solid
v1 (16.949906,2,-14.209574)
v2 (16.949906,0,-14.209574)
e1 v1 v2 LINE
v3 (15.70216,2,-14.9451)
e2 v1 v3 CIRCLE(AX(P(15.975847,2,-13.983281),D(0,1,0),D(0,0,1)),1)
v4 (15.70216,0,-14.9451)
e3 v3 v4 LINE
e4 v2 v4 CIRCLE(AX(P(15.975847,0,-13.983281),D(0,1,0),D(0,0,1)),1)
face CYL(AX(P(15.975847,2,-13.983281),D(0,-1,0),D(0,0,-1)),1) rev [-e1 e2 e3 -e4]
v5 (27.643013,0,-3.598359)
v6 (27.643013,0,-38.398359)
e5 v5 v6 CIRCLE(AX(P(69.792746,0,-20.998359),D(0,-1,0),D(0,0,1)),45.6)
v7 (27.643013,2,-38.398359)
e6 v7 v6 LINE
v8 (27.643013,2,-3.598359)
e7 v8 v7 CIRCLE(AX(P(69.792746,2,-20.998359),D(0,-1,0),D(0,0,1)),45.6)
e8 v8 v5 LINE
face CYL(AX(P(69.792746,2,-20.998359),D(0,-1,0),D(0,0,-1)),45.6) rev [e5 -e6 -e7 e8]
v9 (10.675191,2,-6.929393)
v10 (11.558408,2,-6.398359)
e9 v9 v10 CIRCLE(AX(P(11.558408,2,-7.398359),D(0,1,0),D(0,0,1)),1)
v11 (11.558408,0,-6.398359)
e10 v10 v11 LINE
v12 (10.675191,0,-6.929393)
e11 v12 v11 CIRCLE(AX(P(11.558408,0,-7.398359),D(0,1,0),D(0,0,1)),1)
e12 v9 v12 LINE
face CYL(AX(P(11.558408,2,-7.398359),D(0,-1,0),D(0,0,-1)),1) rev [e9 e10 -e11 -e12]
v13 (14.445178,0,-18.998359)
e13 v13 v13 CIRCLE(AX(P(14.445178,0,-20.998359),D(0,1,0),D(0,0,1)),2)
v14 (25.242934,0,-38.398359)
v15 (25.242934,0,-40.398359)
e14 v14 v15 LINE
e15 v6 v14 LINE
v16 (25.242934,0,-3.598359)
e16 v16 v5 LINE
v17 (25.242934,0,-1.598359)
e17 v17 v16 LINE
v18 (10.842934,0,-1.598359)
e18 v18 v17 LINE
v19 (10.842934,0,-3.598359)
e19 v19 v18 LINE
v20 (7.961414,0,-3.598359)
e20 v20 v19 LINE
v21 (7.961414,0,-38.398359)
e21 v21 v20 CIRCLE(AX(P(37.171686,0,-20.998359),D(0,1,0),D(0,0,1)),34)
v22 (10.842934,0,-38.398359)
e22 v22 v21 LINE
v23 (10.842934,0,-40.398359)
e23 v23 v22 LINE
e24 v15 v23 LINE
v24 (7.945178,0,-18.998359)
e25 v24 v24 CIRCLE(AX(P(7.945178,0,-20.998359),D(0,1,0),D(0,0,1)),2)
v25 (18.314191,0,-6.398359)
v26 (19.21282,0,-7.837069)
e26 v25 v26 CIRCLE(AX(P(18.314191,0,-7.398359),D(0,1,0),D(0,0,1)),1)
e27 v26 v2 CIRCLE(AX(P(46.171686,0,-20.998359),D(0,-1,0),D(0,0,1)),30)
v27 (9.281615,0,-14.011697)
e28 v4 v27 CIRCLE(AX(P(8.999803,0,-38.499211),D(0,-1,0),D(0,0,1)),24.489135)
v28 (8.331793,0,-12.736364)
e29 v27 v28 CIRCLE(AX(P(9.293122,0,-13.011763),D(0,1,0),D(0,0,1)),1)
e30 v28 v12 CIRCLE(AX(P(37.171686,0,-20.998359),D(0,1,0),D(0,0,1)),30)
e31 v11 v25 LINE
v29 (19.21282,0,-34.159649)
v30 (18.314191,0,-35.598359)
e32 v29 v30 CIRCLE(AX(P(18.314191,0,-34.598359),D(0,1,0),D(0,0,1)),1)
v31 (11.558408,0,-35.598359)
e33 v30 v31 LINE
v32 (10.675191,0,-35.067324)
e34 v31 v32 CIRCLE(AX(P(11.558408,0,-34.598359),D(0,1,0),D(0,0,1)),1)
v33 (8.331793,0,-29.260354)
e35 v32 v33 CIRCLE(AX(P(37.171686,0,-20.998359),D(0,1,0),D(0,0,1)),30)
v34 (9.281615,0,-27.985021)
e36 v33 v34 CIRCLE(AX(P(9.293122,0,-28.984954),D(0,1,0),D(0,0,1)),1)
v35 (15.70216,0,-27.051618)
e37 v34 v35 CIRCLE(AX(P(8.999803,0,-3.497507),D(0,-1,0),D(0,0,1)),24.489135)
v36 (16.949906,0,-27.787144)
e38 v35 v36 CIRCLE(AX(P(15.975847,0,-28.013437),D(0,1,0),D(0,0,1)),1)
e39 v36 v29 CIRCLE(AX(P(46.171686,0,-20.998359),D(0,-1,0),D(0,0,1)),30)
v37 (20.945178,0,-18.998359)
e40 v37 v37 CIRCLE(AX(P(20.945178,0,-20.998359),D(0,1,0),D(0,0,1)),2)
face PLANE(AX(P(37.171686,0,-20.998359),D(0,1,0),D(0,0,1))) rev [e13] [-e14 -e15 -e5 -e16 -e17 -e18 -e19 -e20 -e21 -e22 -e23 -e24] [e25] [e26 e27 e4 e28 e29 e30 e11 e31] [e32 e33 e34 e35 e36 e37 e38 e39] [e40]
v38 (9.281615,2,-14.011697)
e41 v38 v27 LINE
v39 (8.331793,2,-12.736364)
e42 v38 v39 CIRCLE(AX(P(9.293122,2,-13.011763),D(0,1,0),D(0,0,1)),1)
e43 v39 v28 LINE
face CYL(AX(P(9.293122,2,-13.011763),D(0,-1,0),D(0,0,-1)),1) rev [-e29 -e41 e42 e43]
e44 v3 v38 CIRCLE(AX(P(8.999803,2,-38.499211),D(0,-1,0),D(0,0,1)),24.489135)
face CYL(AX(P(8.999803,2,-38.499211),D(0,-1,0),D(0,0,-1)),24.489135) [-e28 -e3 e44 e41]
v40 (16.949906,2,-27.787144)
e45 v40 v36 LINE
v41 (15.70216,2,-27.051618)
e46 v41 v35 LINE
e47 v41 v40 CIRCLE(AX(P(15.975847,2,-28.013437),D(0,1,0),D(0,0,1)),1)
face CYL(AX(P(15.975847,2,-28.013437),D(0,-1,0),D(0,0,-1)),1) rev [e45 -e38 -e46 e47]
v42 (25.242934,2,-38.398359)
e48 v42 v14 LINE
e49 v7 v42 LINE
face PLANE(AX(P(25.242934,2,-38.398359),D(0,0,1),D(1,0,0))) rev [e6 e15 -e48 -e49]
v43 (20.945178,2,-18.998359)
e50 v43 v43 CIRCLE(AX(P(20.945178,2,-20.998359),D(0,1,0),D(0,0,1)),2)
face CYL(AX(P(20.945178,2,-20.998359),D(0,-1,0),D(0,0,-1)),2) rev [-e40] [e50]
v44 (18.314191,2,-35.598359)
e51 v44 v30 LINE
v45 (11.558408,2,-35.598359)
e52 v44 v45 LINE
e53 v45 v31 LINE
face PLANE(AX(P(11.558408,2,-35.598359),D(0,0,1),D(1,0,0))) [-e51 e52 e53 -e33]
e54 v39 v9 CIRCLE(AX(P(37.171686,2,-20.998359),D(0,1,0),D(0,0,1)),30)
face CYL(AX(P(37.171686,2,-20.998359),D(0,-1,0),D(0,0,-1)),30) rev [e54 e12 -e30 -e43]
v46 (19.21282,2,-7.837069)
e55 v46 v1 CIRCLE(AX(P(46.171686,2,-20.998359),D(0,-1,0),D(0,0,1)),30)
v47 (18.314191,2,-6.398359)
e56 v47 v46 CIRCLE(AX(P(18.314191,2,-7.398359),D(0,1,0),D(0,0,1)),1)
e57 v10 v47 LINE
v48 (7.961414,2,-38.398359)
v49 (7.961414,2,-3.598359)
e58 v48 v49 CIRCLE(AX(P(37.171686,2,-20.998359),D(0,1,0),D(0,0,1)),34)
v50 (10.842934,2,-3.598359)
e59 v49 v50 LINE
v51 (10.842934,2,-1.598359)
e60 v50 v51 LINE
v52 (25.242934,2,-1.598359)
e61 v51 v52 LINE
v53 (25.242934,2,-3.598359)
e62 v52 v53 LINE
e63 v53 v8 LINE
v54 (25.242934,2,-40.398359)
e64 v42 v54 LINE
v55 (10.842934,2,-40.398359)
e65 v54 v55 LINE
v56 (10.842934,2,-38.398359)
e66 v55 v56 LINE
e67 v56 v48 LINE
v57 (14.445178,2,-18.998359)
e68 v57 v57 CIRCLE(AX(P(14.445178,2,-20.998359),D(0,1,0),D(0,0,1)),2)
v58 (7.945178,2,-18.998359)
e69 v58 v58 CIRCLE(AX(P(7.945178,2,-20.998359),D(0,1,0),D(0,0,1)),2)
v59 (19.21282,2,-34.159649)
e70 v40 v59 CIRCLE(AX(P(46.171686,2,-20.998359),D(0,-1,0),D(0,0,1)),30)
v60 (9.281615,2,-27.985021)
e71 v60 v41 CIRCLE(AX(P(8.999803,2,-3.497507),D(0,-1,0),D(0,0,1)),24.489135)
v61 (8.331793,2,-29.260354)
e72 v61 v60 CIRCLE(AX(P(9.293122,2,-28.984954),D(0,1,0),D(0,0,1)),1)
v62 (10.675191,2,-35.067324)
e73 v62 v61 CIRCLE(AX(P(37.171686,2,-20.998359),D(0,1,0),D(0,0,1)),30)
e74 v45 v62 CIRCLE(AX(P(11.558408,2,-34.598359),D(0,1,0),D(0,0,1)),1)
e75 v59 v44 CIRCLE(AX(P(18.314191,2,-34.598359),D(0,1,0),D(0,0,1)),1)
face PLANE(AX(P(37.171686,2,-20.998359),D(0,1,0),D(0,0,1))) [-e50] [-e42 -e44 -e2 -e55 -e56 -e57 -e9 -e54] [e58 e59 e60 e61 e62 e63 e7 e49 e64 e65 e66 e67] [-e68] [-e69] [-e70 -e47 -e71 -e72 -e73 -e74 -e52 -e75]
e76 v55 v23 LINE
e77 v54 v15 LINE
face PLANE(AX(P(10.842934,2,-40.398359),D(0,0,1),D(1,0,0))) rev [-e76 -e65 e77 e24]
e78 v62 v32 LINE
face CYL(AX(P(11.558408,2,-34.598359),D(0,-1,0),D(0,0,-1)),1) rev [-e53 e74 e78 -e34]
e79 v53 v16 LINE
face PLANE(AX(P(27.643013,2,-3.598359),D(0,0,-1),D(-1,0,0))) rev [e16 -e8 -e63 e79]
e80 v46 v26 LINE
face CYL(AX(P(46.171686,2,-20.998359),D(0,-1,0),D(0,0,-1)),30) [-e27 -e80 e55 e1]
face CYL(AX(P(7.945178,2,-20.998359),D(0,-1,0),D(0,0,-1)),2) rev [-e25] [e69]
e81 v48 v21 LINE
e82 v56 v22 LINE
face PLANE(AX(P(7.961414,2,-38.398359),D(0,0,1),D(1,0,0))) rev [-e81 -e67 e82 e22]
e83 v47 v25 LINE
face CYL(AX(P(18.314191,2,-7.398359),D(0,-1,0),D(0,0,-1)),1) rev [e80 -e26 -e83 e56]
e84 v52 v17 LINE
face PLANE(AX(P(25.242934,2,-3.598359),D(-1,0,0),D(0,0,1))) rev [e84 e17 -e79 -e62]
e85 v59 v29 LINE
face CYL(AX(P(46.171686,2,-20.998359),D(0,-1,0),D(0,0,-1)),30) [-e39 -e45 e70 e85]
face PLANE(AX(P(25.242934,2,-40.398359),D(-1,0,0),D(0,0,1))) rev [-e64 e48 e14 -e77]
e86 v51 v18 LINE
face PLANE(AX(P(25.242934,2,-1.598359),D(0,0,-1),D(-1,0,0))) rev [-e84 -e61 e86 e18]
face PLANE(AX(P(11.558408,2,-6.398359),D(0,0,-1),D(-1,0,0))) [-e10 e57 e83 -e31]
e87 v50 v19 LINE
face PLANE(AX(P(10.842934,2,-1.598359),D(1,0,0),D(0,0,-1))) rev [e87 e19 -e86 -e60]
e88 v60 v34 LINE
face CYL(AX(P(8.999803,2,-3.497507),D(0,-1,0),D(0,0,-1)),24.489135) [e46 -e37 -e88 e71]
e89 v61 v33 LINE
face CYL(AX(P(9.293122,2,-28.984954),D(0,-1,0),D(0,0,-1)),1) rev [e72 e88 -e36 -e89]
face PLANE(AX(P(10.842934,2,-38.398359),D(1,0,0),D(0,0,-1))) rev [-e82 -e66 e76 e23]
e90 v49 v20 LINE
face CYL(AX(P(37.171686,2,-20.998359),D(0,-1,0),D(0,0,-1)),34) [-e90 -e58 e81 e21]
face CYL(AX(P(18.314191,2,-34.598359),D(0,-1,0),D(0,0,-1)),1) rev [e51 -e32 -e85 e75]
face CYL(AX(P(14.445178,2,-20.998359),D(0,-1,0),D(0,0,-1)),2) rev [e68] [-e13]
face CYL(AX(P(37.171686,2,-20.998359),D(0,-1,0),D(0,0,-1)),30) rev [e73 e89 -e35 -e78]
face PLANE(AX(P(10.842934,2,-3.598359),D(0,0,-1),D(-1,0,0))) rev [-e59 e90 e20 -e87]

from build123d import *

# Parameters (mm, degrees)
SKETCH2_R           = 2
BOSS_EXTRUDE1_DEPTH = 2


with BuildPart() as part:
    # Sketch2 → Boss-Extrude1 (new body)
    with BuildSketch(Plane(origin=(0, 0, 0), x_dir=(1, 0, 0), z_dir=(0, 1, 0))):
        with BuildLine():
            Line((7.961413572, 38.398358915), (10.842933693, 38.398358915))
            Line((10.842933693, 38.398358915), (10.842933693, 40.398358915))
            Line((10.842933693, 40.398358915), (25.242933693, 40.398358915))
            Line((25.242933693, 40.398358915), (25.242933693, 38.398358915))
            Line((25.242933693, 38.398358915), (27.643012608, 38.398358915))
            ThreePointArc((27.643012608, 38.398358915), (24.192745703, 20.998358915), (27.643012608, 3.598358915))
            Line((27.643012608, 3.598358915), (25.242933693, 3.598358915))
            Line((25.242933693, 3.598358915), (25.242933693, 1.598358915))
            Line((25.242933693, 1.598358915), (10.842933693, 1.598358915))
            Line((10.842933693, 1.598358915), (10.842933693, 3.598358915))
            Line((10.842933693, 3.598358915), (7.961413572, 3.598358915))
            ThreePointArc((7.961413572, 3.598358915), (3.171685738, 20.998358915), (7.961413572, 38.398358915))
        make_face()
        with Locations(Location((14.44517784, 20.998358915, 0), (0, 0, 270))):
            Circle(SKETCH2_R, mode=Mode.SUBTRACT)
        with Locations(Location((7.94517784, 20.998358915, 0), (0, 0, 270))):
            Circle(SKETCH2_R, mode=Mode.SUBTRACT)
        with Locations(Location((20.94517784, 20.998358915, 0), (0, 0, 270))):
            Circle(SKETCH2_R, mode=Mode.SUBTRACT)
        with BuildLine():
            Line((11.558407931, 6.398358915), (18.314191235, 6.398358915))
            ThreePointArc((18.314191235, 6.398358915), (19.162339122, 6.868599384), (19.21282009, 7.837068593))
            ThreePointArc((19.21282009, 7.837068593), (17.901234233, 10.95935639), (16.949906233, 14.209573857))
            ThreePointArc((16.949906233, 14.209573857), (16.483665754, 14.844744909), (15.702159941, 14.945099841))
            ThreePointArc((15.702159941, 14.945099841), (12.522935582, 14.264828801), (9.281614764, 14.011697267))
            ThreePointArc((9.281614764, 14.011697267), (8.491111108, 13.609072345), (8.331792637, 12.73636364))
            ThreePointArc((8.331792637, 12.73636364), (9.351564099, 9.771568101), (10.675191455, 6.929393398))
            ThreePointArc((10.675191455, 6.929393398), (11.04312428, 6.54133922), (11.558407931, 6.398358915))
        make_face(mode=Mode.SUBTRACT)
        with BuildLine():
            Line((11.558407931, 35.598358915), (18.314191235, 35.598358915))
            ThreePointArc((18.314191235, 35.598358915), (19.162339122, 35.128118447), (19.21282009, 34.159649238))
            ThreePointArc((19.21282009, 34.159649238), (17.901234233, 31.03736144), (16.949906233, 27.787143973))
            ThreePointArc((16.949906233, 27.787143973), (16.483665754, 27.151972922), (15.702159941, 27.05161799))
            ThreePointArc((15.702159941, 27.05161799), (12.522935582, 27.73188903), (9.281614764, 27.985020563))
            ThreePointArc((9.281614764, 27.985020563), (8.491111108, 28.387645486), (8.331792637, 29.26035419))
            ThreePointArc((8.331792637, 29.26035419), (9.351564099, 32.225149729), (10.675191455, 35.067324432))
            ThreePointArc((10.675191455, 35.067324432), (11.04312428, 35.455378611), (11.558407931, 35.598358915))
        make_face(mode=Mode.SUBTRACT)
    extrude(amount=BOSS_EXTRUDE1_DEPTH)


solid = part.part
